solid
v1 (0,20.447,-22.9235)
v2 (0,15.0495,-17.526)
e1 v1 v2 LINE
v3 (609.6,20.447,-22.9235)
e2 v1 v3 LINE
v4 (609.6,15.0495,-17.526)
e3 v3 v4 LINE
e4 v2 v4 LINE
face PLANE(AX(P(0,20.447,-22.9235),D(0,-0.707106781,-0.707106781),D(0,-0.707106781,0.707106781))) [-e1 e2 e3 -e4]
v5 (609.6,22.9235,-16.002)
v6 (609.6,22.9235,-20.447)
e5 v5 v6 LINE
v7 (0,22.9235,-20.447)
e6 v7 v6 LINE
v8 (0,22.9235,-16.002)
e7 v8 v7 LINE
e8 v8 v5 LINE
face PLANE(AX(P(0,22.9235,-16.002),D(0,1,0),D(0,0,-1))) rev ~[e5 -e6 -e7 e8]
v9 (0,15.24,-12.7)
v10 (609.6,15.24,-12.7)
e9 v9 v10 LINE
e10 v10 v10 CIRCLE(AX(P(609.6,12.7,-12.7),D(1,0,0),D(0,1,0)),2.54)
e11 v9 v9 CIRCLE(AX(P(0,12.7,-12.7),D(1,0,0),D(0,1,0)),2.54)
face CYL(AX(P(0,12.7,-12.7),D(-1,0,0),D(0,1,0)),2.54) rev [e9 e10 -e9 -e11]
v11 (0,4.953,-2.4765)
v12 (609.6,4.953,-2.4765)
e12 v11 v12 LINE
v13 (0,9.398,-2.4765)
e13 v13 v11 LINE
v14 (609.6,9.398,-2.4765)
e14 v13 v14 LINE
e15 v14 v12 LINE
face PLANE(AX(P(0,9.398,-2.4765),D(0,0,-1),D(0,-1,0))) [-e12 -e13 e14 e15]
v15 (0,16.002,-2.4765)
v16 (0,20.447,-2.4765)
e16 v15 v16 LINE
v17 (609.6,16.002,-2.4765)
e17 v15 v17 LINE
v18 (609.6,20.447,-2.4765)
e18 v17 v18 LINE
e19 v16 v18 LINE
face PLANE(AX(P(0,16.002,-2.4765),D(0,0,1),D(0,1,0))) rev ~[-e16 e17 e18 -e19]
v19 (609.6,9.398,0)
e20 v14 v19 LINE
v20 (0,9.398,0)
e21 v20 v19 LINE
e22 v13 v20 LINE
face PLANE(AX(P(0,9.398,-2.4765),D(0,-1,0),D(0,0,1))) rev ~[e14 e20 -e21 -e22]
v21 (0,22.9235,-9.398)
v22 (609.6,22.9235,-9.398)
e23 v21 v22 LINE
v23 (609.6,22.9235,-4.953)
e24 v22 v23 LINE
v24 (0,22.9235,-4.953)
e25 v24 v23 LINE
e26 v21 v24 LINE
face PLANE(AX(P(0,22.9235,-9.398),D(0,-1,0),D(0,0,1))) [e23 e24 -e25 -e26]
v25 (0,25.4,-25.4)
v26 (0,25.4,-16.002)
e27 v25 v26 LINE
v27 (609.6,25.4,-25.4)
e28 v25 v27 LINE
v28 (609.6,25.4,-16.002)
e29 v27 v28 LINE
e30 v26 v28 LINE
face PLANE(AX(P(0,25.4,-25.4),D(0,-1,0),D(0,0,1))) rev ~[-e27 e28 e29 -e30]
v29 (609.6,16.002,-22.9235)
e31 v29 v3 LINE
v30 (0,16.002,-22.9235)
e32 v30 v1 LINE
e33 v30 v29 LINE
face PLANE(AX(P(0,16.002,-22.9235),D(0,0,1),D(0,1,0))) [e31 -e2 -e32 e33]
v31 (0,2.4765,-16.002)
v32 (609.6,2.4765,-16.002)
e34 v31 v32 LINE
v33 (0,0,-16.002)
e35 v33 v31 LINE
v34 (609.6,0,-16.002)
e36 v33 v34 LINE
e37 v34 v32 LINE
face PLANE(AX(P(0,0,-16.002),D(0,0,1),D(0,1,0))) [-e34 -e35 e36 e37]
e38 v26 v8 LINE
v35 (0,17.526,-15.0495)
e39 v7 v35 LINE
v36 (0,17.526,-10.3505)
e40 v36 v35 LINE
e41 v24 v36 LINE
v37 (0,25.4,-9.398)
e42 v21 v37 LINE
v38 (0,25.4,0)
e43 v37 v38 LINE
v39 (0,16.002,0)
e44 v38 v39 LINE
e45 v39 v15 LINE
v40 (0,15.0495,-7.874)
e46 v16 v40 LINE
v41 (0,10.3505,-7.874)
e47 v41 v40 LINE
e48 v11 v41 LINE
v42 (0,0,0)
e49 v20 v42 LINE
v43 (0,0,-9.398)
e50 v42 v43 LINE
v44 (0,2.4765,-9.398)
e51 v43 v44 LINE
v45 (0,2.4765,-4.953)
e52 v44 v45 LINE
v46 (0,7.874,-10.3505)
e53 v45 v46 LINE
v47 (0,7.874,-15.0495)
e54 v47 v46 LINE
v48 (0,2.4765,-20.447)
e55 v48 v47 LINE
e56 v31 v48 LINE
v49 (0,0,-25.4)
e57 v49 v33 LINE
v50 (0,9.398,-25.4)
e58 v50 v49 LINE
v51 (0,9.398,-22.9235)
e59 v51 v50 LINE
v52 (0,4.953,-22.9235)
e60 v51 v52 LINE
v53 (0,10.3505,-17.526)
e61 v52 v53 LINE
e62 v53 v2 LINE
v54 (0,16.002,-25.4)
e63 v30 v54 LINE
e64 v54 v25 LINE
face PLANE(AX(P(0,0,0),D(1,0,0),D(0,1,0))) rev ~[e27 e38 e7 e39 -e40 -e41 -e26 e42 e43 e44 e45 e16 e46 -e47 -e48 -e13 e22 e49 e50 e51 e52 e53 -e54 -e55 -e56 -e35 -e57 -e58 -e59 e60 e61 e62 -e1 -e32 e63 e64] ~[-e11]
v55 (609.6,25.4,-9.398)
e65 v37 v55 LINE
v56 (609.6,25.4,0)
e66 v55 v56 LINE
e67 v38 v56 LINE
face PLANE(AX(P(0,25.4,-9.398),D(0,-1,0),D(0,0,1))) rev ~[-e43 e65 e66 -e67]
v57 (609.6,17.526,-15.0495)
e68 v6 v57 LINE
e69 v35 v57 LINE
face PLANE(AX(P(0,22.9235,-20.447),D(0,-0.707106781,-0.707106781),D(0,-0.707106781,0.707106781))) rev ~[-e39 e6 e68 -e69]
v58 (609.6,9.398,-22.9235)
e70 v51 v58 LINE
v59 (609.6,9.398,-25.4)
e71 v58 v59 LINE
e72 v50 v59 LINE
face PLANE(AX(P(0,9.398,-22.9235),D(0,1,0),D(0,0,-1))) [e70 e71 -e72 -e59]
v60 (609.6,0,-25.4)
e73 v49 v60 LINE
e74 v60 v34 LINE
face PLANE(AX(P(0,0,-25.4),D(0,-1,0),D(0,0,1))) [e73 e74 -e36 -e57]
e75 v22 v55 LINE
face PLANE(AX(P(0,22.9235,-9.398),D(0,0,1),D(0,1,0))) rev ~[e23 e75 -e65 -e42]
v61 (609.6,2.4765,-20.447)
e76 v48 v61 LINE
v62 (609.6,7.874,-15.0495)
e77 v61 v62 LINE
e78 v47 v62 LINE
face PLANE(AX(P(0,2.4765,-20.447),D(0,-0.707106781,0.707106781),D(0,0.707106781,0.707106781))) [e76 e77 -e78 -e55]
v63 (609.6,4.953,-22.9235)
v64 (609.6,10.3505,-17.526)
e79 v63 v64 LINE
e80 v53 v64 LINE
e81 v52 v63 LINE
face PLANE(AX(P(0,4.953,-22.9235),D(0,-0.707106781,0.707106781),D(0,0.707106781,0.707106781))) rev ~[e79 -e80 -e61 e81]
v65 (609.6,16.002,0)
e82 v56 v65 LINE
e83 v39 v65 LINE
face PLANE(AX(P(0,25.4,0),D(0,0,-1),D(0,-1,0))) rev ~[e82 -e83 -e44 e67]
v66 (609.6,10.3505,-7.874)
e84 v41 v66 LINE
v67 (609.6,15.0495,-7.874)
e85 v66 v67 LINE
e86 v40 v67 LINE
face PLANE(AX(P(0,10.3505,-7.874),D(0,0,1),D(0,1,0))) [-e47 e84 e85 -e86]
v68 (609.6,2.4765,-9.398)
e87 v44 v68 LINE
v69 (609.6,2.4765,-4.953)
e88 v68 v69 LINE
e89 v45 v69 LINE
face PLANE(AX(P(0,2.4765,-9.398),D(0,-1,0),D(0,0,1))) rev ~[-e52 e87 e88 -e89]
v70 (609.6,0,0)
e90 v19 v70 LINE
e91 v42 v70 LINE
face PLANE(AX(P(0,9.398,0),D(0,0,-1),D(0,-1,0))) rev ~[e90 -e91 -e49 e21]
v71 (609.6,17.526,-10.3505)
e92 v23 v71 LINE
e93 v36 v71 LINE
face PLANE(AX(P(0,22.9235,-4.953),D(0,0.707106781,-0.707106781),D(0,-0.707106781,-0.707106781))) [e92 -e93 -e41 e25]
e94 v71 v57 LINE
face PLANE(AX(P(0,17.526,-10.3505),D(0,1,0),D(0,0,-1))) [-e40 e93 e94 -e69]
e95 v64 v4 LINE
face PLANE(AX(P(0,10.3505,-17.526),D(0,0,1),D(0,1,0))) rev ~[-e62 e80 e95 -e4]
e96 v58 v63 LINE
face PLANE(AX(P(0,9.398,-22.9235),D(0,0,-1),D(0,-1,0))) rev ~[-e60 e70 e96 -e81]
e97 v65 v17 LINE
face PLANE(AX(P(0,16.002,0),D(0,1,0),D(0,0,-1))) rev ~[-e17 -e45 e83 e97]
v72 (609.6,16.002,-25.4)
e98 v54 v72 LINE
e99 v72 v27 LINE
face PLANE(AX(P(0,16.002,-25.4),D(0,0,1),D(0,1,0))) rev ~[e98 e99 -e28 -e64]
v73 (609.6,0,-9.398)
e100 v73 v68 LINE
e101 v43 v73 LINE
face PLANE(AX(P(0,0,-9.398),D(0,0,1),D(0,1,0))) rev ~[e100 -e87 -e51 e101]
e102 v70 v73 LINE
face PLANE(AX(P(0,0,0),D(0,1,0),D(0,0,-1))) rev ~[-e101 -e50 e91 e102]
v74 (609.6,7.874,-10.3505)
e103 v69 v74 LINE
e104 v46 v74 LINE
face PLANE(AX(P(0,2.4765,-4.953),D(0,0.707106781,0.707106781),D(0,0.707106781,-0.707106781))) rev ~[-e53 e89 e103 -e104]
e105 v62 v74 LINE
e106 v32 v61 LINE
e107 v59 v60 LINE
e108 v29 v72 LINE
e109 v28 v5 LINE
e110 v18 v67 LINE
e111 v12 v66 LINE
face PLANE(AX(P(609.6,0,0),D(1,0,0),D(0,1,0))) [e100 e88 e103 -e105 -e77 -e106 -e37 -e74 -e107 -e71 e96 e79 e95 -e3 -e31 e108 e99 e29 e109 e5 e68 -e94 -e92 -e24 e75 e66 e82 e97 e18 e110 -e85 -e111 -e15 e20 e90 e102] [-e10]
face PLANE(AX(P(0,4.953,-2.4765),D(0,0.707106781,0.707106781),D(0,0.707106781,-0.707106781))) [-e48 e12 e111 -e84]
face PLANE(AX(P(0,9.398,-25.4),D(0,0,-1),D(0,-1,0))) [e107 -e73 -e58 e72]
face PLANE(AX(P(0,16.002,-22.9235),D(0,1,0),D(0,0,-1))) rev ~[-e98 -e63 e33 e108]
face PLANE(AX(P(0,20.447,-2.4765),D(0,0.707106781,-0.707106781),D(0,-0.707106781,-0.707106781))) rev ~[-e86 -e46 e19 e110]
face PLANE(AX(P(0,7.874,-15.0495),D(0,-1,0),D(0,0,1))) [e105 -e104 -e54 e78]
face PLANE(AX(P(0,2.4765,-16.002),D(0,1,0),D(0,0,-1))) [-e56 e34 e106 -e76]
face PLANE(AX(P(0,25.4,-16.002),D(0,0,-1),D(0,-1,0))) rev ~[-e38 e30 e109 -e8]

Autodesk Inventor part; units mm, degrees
ref_plane "YZ Plane" through (0, 0, 0) normal (1, 0, 0) x (0, 1, 0)
ref_plane "XZ Plane" through (0, 0, 0) normal (0, 1, 0) x (-1, 0, 0)
ref_plane "XY Plane" through (0, 0, 0) normal (0, 0, 1) x (1, 0, 0)
sketch "Sketch1" plane through (0, 0, 0) normal (1, 0, 0) x (0, 1, 0)
  line L0 (0, 0) -> (0, -9.398)
  line L1 (0, -9.398) -> (2.4765, -9.398)
  line L2 (9.398, -2.4765) -> (9.398, 0)
  line L3 (9.398, 0) -> (0, 0)
  line L4 (16.002, 0) -> (16.002, -2.4765)
  line L5 (22.9235, -9.398) -> (25.4, -9.398)
  line L6 (25.4, -9.398) -> (25.4, 0)
  line L7 (25.4, 0) -> (16.002, 0)
  line L8 (25.4, -16.002) -> (22.9235, -16.002)
  line L9 (16.002, -22.9235) -> (16.002, -25.4)
  line L10 (16.002, -25.4) -> (25.4, -25.4)
  line L11 (25.4, -25.4) -> (25.4, -16.002)
  line L12 (0, -16.002) -> (2.4765, -16.002)
  line L13 (9.398, -22.9235) -> (9.398, -25.4)
  line L14 (9.398, -25.4) -> (0, -25.4)
  line L15 (0, -25.4) -> (0, -16.002)
  line L16 (22.9235, -9.398) -> (22.9235, -4.953)
  line L17 (16.002, -2.4765) -> (20.447, -2.4765)
  line L18 (20.447, -2.4765) -> (15.0495, -7.874)
  line L19 (20.447, -2.4765) -> (28.0802, -2.4765) construction
  line L20 (22.9235, -4.953) -> (17.526, -10.3505)
  line L21 (22.9235, -16.002) -> (22.9235, -20.447)
  line L22 (22.9235, -20.447) -> (17.526, -15.0495)
  line L23 (16.002, -22.9235) -> (20.447, -22.9235)
  line L24 (20.447, -22.9235) -> (15.0495, -17.526)
  line L25 (2.4765, -16.002) -> (2.4765, -20.447)
  line L26 (2.4765, -20.447) -> (7.874, -15.0495)
  line L27 (9.398, -22.9235) -> (4.953, -22.9235)
  line L28 (4.953, -22.9235) -> (10.3505, -17.526)
  line L29 (9.398, -2.4765) -> (4.953, -2.4765)
  line L30 (4.953, -2.4765) -> (10.3505, -7.874)
  line L31 (2.4765, -9.398) -> (2.4765, -4.953)
  line L32 (2.4765, -4.953) -> (7.874, -10.3505)
  line L33 (10.3505, -7.874) -> (15.0495, -7.874)
  line L34 (17.526, -10.3505) -> (17.526, -15.0495)
  line L35 (10.3505, -17.526) -> (15.0495, -17.526)
  line L36 (7.874, -15.0495) -> (7.874, -10.3505)
  circle A0 centre (12.7, -12.7) radius 2.54
  dimension "d2" = 9.398
  dimension "d3" = 2.4765
  dimension "d7" = 2.4765
  dimension "d10" = 2.4765
  dimension "d11" = 25.4
  dimension "d13" = 2.4765
  dimension "d16" = 2.4765
  dimension "d17" = 9.398
  dimension "d18" = 25.4
  dimension "d23" = 2.4765
  dimension "d24" = 25.4
  dimension "d25" = 25.4
  dimension "d32" = 4.445
  dimension "d33" = 4.445
  dimension "d35" = 135
  dimension "d36" = 4.445
  dimension "d37" = 4.445
  dimension "d38" = 2.4765
  dimension "d40" = 4.445
  dimension "d41" = 4.445
  dimension "d42" = 4.445
  dimension "d43" = 4.445
  dimension "d44" = 5.08
extrude "Extrusion1" add sketch "Sketch1" along normal blind 609.6
properties part number "LatX24in1"
